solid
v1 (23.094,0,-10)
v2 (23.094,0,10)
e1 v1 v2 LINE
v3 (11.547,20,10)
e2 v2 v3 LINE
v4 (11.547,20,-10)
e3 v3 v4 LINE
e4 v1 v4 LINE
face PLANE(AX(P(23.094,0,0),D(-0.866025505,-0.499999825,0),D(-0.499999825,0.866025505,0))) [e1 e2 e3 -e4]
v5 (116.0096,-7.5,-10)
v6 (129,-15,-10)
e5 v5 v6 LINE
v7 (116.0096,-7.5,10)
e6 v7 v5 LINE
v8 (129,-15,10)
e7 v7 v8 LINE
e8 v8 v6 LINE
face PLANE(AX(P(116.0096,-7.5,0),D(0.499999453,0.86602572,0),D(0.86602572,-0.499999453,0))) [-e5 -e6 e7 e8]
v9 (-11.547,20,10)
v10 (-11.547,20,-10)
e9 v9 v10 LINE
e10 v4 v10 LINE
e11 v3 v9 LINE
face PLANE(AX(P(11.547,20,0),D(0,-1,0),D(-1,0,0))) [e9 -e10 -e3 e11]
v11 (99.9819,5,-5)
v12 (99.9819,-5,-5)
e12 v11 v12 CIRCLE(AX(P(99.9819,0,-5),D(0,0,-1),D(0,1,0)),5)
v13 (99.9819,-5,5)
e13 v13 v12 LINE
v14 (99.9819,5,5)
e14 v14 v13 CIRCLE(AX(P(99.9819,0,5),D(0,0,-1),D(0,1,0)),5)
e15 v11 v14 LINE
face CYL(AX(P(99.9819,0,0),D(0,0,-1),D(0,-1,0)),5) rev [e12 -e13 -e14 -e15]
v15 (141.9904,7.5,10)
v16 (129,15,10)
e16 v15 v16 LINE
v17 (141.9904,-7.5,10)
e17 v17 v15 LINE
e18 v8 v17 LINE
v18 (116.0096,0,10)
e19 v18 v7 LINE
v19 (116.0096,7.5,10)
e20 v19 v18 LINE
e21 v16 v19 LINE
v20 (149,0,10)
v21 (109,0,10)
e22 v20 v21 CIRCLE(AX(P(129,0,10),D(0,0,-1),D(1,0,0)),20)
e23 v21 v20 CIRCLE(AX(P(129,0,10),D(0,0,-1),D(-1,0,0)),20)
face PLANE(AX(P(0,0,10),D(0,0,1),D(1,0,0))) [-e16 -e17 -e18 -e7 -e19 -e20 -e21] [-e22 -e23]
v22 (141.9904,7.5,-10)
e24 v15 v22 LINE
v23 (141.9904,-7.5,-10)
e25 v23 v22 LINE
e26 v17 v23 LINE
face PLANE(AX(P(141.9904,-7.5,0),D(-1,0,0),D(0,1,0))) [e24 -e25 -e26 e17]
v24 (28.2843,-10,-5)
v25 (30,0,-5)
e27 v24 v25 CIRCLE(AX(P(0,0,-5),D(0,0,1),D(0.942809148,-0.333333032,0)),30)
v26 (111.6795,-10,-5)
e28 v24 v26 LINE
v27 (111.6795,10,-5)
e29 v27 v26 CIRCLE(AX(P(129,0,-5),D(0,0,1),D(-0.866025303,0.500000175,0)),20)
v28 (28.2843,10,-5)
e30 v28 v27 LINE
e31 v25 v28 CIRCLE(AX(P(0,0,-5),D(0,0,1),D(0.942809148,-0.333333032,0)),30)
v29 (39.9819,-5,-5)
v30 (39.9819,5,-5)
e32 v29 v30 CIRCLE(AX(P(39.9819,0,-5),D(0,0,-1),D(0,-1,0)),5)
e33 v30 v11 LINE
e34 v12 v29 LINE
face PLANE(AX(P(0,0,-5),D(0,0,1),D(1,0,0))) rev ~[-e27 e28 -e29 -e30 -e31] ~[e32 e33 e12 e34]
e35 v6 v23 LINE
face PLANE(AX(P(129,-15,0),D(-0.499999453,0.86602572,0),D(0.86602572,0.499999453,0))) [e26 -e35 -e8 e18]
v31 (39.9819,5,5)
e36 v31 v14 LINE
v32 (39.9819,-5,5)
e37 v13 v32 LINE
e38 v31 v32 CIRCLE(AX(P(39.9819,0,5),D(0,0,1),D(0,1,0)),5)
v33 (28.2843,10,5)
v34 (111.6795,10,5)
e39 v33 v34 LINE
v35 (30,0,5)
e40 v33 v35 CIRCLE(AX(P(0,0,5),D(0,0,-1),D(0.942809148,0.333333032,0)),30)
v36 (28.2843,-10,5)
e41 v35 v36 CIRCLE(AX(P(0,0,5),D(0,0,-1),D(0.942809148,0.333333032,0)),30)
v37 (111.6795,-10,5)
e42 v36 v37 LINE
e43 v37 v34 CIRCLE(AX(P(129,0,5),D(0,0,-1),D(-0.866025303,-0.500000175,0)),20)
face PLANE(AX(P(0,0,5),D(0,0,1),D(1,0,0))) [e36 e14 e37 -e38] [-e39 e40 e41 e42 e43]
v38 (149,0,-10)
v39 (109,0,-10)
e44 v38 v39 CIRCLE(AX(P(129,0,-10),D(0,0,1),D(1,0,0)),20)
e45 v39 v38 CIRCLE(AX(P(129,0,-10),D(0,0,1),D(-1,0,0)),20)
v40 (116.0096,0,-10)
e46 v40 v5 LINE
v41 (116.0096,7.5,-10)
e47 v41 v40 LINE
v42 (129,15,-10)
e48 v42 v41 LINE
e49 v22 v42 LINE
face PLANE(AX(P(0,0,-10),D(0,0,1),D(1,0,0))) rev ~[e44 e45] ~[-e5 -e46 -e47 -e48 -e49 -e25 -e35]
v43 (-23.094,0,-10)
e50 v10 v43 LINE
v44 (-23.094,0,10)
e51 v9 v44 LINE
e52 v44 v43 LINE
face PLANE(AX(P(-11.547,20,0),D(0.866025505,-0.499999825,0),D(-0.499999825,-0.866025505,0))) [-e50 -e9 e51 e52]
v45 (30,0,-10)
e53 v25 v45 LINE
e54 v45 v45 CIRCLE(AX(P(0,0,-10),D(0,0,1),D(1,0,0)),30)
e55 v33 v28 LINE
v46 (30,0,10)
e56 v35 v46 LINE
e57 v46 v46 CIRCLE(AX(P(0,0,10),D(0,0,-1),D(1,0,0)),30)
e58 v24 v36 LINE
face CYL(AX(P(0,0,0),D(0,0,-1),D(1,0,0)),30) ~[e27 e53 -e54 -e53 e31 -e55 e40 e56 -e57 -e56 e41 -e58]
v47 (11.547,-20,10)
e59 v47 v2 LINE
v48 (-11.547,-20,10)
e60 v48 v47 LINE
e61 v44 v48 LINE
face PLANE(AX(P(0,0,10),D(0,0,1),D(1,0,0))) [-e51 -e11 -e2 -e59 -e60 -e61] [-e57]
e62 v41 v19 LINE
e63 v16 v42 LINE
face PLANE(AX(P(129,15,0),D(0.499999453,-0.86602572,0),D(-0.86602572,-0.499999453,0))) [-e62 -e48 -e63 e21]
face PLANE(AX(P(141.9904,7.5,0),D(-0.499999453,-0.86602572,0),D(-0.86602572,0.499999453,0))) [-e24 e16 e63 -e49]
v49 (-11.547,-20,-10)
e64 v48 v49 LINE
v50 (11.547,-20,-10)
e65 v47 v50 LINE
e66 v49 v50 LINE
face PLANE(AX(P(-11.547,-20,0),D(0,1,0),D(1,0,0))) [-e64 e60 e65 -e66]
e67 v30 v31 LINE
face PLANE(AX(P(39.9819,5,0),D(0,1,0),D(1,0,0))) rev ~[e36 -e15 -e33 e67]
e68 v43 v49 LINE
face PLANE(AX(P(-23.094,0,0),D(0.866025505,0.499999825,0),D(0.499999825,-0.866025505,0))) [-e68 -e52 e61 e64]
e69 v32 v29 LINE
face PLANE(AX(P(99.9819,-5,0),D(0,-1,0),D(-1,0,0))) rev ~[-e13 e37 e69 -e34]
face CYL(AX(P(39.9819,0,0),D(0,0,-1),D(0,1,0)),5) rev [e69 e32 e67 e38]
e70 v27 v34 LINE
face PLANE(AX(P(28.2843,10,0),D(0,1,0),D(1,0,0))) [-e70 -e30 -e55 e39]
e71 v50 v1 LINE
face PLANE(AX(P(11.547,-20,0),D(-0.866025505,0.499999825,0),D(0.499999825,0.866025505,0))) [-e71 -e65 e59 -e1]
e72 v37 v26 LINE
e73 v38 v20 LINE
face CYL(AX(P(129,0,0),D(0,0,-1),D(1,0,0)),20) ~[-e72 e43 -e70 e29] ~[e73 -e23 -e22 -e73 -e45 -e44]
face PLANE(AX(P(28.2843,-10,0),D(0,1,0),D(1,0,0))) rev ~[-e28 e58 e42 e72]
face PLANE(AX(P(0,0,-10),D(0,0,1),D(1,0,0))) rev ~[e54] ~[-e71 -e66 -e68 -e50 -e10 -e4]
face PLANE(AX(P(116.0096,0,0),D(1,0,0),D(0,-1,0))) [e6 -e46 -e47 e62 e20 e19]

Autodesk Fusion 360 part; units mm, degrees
sketch "Sketch2" plane through (0, 0, 0) normal (0, 0, 1) x (1, 0, 0)
  circle A0 centre (0, 0) radius 30
  circle A1 centre (129, 0) radius 20
  line L0 (28.2843, 10) -> (111.6795, 10)
  line L1 (0, 0) -> (129, 0)
  line L2 (28.2843, -10) -> (111.6795, -10)
  line L3 (-11.547, 20) -> (-23.094, 0)
  line L4 (-23.094, 0) -> (-11.547, -20)
  line L5 (-11.547, -20) -> (11.547, -20)
  line L6 (11.547, -20) -> (23.094, 0)
  line L7 (23.094, 0) -> (11.547, 20)
  line L8 (11.547, 20) -> (-11.547, 20)
  line L9 (129, 15) -> (116.0096, 7.5)
  line L10 (116.0096, 7.5) -> (116.0096, -7.5)
  line L11 (116.0096, -7.5) -> (129, -15)
  line L12 (129, -15) -> (141.9904, -7.5)
  line L13 (141.9904, -7.5) -> (141.9904, 7.5)
  line L14 (141.9904, 7.5) -> (129, 15)
  line L15 (39.9819, 5) -> (99.9819, 5)
  line L16 (99.9819, -5) -> (39.9819, -5)
  line L17 (39.9819, 5) -> (99.9819, -5) construction
  line L18 (39.9819, -5) -> (99.9819, 5) construction
  line L19 (69.9819, 10) -> (69.9819, -10) construction
  arc A2 (39.9819, 5) -> (39.9819, -5) centre (39.9819, 0) ccw
  arc A3 (99.9819, -5) -> (99.9819, 5) centre (99.9819, 0) ccw
  point P0 (129, 0)
  point P1 (69.9819, 0)
  dimension "d12" = 129
  dimension "d13" = 60
  dimension "d14" = 40
  dimension "d15" = 20
  dimension "d16" = 20
  dimension "d17" = 15
  dimension "d18" = 60
  dimension "d19" = 10
  dimension "d20" = 5
  dimension "d21" = 5
extrude "Extrude3" add sketch "Sketch2" along normal mid plane 20 contours A0 | A1 makes body 1 at (29.9627, -1.4954, 6.6667) makes body 2 at (148.9751, -0.9969, 6.6667)
extrude "Extrude4" add sketch "Sketch2" along normal mid plane 10 contours A0 A1 L1 L2 L16 A2 A3 | A0 A1 L0 L1 L15 A2 A3 bodies 1 2
